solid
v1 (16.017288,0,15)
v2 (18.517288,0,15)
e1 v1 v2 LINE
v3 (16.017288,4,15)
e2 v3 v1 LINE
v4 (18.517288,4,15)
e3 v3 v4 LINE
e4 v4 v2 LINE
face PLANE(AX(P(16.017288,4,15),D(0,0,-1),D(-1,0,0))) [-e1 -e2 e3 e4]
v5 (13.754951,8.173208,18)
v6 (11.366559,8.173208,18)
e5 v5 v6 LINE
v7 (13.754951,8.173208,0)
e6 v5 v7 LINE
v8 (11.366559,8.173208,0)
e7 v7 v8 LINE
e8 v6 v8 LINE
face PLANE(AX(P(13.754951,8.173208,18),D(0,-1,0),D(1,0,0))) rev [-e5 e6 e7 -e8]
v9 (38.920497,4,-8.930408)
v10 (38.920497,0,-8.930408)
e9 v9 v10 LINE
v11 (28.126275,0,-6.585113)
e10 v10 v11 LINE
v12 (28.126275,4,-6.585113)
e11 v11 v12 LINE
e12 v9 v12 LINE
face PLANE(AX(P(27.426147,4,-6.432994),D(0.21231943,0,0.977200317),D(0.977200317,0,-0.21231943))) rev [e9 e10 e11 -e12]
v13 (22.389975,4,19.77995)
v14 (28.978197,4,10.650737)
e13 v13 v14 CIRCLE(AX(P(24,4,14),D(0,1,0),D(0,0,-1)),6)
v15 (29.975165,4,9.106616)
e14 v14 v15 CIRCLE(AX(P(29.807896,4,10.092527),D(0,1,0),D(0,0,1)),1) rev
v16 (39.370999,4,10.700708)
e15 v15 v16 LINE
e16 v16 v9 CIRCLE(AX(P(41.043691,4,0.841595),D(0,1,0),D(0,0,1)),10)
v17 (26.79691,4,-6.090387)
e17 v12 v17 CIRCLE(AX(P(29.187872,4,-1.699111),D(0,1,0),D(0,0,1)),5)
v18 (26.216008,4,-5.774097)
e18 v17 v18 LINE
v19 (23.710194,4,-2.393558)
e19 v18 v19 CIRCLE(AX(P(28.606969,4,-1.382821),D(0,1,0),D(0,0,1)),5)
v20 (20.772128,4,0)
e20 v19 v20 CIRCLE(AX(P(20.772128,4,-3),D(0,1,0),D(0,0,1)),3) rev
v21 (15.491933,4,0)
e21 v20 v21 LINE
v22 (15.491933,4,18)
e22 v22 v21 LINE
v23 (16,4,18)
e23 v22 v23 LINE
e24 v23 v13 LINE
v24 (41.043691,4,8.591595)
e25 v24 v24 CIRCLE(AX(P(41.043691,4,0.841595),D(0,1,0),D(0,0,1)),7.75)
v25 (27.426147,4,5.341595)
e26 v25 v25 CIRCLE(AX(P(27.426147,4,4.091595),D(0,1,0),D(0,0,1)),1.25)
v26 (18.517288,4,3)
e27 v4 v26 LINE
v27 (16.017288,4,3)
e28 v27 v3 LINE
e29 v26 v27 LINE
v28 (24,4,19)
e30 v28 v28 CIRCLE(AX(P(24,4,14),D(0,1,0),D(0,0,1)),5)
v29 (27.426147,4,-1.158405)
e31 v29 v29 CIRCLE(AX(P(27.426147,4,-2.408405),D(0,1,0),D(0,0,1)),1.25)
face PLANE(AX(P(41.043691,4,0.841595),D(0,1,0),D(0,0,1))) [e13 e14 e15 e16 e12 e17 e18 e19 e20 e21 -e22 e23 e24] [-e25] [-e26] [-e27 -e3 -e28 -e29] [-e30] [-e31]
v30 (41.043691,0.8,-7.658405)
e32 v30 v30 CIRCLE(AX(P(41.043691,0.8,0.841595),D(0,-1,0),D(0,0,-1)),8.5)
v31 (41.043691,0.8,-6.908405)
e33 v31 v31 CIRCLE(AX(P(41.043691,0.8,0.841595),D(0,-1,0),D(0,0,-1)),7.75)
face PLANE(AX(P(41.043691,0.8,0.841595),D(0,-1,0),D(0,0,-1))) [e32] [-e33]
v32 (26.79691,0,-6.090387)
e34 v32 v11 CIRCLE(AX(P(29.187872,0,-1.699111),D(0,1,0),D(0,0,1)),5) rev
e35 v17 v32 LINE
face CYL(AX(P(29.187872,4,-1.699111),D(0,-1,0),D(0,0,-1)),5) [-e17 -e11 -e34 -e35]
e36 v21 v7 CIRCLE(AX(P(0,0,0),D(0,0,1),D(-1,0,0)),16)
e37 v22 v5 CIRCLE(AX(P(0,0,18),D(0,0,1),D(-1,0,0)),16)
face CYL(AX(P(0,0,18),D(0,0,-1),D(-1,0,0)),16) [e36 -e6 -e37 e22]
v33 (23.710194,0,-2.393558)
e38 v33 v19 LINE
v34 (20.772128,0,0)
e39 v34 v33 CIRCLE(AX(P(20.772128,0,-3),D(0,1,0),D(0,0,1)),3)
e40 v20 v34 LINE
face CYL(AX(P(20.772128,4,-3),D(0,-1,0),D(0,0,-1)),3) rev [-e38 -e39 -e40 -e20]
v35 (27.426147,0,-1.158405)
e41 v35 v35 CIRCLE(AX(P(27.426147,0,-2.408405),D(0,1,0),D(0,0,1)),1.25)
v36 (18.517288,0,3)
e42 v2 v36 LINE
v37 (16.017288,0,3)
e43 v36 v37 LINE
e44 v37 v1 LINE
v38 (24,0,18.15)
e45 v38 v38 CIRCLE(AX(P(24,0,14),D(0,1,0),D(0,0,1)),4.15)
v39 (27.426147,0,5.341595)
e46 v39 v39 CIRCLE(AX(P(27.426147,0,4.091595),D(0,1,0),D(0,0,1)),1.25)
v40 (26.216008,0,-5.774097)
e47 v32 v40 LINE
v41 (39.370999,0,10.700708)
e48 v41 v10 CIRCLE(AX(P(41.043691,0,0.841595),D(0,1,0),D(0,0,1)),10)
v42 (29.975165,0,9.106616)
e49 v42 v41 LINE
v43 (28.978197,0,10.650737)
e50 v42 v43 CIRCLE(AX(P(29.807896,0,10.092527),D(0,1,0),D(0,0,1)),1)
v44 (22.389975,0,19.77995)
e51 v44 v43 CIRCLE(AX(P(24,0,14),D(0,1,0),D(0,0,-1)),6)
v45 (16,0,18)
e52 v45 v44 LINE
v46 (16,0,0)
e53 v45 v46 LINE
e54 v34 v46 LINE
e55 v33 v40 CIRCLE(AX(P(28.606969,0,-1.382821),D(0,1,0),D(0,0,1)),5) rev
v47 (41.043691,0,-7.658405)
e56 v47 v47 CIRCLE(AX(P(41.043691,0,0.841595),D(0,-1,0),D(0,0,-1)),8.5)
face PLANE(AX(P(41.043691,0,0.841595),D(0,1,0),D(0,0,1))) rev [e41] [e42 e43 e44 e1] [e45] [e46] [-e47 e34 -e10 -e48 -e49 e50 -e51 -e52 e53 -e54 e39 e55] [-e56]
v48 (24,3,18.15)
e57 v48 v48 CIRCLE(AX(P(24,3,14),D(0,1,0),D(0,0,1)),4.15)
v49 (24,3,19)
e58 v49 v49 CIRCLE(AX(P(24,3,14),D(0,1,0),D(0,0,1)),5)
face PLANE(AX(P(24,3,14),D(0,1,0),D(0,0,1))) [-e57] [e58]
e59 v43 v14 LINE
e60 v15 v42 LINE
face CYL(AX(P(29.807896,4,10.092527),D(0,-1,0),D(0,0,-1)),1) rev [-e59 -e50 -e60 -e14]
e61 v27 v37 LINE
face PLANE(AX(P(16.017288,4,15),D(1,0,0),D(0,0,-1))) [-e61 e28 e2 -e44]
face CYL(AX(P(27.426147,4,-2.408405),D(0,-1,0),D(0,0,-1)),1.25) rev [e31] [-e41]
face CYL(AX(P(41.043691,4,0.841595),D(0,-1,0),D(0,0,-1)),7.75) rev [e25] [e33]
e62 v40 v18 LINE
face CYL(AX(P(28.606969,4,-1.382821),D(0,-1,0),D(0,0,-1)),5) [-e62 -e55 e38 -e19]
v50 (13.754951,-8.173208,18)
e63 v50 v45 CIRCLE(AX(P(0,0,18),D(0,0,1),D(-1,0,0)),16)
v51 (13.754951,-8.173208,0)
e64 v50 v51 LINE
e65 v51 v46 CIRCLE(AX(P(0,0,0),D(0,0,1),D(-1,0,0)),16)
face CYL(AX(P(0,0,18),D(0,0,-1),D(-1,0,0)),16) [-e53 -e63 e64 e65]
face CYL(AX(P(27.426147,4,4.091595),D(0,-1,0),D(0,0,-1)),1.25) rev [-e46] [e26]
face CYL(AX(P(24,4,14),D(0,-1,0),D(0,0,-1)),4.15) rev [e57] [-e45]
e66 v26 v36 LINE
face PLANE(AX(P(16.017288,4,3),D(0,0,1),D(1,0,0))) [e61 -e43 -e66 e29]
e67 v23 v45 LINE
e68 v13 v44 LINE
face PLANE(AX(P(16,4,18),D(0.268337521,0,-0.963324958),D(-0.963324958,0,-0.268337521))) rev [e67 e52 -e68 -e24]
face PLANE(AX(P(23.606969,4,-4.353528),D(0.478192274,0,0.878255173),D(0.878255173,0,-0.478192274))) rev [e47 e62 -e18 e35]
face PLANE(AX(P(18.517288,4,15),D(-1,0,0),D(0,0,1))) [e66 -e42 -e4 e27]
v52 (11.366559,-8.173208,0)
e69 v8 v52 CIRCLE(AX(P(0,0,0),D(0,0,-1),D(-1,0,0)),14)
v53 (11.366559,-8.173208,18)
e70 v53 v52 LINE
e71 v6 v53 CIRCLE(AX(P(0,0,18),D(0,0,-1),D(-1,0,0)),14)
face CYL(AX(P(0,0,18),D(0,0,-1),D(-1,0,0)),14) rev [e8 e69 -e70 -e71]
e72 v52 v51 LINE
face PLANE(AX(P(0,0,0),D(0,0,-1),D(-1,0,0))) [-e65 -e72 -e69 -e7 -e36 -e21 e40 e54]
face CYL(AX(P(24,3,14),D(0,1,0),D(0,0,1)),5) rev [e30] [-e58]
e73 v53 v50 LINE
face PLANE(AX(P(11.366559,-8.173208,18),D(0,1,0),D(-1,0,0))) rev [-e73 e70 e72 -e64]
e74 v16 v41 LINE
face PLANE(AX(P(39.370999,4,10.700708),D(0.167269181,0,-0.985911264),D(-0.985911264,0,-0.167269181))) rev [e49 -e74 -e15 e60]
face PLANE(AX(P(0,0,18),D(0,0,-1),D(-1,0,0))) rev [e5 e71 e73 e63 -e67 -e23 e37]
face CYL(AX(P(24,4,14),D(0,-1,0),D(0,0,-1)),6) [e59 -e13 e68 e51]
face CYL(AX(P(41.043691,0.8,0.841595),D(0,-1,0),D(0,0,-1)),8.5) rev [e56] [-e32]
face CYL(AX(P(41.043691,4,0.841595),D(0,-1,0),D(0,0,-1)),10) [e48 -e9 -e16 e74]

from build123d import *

# Parameters (mm, degrees)
EXTRUDE_1_DEPTH     = 18
SKETCH_3_R          = 4.15
SKETCH_3_R_2        = 7.75
SKETCH_3_R_3        = 1.25
SKETCH_3_W          = 2.5
SKETCH_3_H          = 12
EXTRUDE_2_DEPTH     = 4
FILLET_1_R          = 5
FILLET_2_R          = 3
FILLET_3_R          = 1
SKETCH_7_R          = 8.5
CUT_EXTRUDE_2_DEPTH = 0.8
SKETCH_8_R          = 5
CUT_EXTRUDE_3_DEPTH = 1


with BuildPart() as part:
    # 草图1 → 凸台-拉伸1 (new body)
    with BuildSketch(Plane.XY):
        with BuildLine():
            Line((13.754950724, 8.173208097), (11.36655926, 8.173208097))
            ThreePointArc((11.36655926, 8.173208097), (14, 0), (11.36655926, -8.173208097))
            Line((11.36655926, -8.173208097), (13.754950724, -8.173208097))
            ThreePointArc((13.754950724, -8.173208097), (16, 0), (13.754950724, 8.173208097))
        make_face()
    extrude(amount=EXTRUDE_1_DEPTH)

    # 草图3 → 凸台-拉伸2 (add)
    with BuildSketch(Plane(origin=(0, 0, 0), x_dir=(1, 0, 0), z_dir=(0, 1, 0))):
        with BuildLine():
            Line((16, -18), (14.877475362, -18))
            Line((14.877475362, -18), (14.877475362, 0))
            Line((14.877475362, 0), (16, 0))
            Line((16, 0), (23.606969391, 0))
            Line((23.606969391, 0), (23.606969391, 4.353528312))
            Line((23.606969391, 4.353528312), (27.426147231, 6.432993818))
            Line((27.426147231, 6.432993818), (38.92049676, 8.930407807))
            ThreePointArc((38.92049676, 8.930407807), (51.041058959, -0.612171869), (39.370999256, -10.700708007))
            Line((39.370999256, -10.700708007), (26.396794679, -8.499511361))
            ThreePointArc((26.396794679, -8.499511361), (29.653921129, -16.00827684), (22.389974874, -19.779949748))
            Line((22.389974874, -19.779949748), (16, -18))
        make_face()
        with Locations(Location((24, -14, 0), (0, 0, 270))):
            Circle(SKETCH_3_R, mode=Mode.SUBTRACT)
        with Locations(Location((41.043691062, -0.841595363, 0), (0, 0, 270))):
            Circle(SKETCH_3_R_2, mode=Mode.SUBTRACT)
        with Locations(Location((27.426147231, -4.091595363, 0), (0, 0, 270))):
            Circle(SKETCH_3_R_3, mode=Mode.SUBTRACT)
        with Locations(Location((27.426147231, 2.408404637, 0), (0, 0, 270))):
            Circle(SKETCH_3_R_3, mode=Mode.SUBTRACT)
        with Locations((17.267287819, -9)):
            Rectangle(SKETCH_3_W, SKETCH_3_H, mode=Mode.SUBTRACT)
    extrude(amount=EXTRUDE_2_DEPTH)

    # 圆角1
    fillet_1_edges = [part.edges().sort_by_distance(p)[0] for p in [
        (27.426147231, 2, -6.432993818),
        (23.606969391, 2, -4.353528312),
    ]]
    fillet(fillet_1_edges, radius=FILLET_1_R)

    # 圆角2
    fillet_2_edges = [part.edges().sort_by_distance(p)[0] for p in [
        (23.606969391, 2, 0),
    ]]
    fillet(fillet_2_edges, radius=FILLET_2_R)

    # 圆角3
    fillet_3_edges = [part.edges().sort_by_distance(p)[0] for p in [
        (26.396794679, 2, 8.499511361),
    ]]
    fillet(fillet_3_edges, radius=FILLET_3_R)

    # 草图7 → 切除-拉伸2 (cut)
    with BuildSketch(Plane.XZ):
        with Locations(Location((41.043691062, 0.841595363, 0), (0, 0, 270))):
            Circle(SKETCH_7_R)
    extrude(amount=-CUT_EXTRUDE_2_DEPTH, mode=Mode.SUBTRACT)

    # 草图8 → 切除-拉伸3 (cut)
    with BuildSketch(Plane(origin=(0, 4, 0), x_dir=(1, 0, 0), z_dir=(0, 1, 0))):
        with Locations(Location((24, -14, 0), (0, 0, 270))):
            Circle(SKETCH_8_R)
    extrude(amount=-CUT_EXTRUDE_3_DEPTH, mode=Mode.SUBTRACT)


solid = part.part
